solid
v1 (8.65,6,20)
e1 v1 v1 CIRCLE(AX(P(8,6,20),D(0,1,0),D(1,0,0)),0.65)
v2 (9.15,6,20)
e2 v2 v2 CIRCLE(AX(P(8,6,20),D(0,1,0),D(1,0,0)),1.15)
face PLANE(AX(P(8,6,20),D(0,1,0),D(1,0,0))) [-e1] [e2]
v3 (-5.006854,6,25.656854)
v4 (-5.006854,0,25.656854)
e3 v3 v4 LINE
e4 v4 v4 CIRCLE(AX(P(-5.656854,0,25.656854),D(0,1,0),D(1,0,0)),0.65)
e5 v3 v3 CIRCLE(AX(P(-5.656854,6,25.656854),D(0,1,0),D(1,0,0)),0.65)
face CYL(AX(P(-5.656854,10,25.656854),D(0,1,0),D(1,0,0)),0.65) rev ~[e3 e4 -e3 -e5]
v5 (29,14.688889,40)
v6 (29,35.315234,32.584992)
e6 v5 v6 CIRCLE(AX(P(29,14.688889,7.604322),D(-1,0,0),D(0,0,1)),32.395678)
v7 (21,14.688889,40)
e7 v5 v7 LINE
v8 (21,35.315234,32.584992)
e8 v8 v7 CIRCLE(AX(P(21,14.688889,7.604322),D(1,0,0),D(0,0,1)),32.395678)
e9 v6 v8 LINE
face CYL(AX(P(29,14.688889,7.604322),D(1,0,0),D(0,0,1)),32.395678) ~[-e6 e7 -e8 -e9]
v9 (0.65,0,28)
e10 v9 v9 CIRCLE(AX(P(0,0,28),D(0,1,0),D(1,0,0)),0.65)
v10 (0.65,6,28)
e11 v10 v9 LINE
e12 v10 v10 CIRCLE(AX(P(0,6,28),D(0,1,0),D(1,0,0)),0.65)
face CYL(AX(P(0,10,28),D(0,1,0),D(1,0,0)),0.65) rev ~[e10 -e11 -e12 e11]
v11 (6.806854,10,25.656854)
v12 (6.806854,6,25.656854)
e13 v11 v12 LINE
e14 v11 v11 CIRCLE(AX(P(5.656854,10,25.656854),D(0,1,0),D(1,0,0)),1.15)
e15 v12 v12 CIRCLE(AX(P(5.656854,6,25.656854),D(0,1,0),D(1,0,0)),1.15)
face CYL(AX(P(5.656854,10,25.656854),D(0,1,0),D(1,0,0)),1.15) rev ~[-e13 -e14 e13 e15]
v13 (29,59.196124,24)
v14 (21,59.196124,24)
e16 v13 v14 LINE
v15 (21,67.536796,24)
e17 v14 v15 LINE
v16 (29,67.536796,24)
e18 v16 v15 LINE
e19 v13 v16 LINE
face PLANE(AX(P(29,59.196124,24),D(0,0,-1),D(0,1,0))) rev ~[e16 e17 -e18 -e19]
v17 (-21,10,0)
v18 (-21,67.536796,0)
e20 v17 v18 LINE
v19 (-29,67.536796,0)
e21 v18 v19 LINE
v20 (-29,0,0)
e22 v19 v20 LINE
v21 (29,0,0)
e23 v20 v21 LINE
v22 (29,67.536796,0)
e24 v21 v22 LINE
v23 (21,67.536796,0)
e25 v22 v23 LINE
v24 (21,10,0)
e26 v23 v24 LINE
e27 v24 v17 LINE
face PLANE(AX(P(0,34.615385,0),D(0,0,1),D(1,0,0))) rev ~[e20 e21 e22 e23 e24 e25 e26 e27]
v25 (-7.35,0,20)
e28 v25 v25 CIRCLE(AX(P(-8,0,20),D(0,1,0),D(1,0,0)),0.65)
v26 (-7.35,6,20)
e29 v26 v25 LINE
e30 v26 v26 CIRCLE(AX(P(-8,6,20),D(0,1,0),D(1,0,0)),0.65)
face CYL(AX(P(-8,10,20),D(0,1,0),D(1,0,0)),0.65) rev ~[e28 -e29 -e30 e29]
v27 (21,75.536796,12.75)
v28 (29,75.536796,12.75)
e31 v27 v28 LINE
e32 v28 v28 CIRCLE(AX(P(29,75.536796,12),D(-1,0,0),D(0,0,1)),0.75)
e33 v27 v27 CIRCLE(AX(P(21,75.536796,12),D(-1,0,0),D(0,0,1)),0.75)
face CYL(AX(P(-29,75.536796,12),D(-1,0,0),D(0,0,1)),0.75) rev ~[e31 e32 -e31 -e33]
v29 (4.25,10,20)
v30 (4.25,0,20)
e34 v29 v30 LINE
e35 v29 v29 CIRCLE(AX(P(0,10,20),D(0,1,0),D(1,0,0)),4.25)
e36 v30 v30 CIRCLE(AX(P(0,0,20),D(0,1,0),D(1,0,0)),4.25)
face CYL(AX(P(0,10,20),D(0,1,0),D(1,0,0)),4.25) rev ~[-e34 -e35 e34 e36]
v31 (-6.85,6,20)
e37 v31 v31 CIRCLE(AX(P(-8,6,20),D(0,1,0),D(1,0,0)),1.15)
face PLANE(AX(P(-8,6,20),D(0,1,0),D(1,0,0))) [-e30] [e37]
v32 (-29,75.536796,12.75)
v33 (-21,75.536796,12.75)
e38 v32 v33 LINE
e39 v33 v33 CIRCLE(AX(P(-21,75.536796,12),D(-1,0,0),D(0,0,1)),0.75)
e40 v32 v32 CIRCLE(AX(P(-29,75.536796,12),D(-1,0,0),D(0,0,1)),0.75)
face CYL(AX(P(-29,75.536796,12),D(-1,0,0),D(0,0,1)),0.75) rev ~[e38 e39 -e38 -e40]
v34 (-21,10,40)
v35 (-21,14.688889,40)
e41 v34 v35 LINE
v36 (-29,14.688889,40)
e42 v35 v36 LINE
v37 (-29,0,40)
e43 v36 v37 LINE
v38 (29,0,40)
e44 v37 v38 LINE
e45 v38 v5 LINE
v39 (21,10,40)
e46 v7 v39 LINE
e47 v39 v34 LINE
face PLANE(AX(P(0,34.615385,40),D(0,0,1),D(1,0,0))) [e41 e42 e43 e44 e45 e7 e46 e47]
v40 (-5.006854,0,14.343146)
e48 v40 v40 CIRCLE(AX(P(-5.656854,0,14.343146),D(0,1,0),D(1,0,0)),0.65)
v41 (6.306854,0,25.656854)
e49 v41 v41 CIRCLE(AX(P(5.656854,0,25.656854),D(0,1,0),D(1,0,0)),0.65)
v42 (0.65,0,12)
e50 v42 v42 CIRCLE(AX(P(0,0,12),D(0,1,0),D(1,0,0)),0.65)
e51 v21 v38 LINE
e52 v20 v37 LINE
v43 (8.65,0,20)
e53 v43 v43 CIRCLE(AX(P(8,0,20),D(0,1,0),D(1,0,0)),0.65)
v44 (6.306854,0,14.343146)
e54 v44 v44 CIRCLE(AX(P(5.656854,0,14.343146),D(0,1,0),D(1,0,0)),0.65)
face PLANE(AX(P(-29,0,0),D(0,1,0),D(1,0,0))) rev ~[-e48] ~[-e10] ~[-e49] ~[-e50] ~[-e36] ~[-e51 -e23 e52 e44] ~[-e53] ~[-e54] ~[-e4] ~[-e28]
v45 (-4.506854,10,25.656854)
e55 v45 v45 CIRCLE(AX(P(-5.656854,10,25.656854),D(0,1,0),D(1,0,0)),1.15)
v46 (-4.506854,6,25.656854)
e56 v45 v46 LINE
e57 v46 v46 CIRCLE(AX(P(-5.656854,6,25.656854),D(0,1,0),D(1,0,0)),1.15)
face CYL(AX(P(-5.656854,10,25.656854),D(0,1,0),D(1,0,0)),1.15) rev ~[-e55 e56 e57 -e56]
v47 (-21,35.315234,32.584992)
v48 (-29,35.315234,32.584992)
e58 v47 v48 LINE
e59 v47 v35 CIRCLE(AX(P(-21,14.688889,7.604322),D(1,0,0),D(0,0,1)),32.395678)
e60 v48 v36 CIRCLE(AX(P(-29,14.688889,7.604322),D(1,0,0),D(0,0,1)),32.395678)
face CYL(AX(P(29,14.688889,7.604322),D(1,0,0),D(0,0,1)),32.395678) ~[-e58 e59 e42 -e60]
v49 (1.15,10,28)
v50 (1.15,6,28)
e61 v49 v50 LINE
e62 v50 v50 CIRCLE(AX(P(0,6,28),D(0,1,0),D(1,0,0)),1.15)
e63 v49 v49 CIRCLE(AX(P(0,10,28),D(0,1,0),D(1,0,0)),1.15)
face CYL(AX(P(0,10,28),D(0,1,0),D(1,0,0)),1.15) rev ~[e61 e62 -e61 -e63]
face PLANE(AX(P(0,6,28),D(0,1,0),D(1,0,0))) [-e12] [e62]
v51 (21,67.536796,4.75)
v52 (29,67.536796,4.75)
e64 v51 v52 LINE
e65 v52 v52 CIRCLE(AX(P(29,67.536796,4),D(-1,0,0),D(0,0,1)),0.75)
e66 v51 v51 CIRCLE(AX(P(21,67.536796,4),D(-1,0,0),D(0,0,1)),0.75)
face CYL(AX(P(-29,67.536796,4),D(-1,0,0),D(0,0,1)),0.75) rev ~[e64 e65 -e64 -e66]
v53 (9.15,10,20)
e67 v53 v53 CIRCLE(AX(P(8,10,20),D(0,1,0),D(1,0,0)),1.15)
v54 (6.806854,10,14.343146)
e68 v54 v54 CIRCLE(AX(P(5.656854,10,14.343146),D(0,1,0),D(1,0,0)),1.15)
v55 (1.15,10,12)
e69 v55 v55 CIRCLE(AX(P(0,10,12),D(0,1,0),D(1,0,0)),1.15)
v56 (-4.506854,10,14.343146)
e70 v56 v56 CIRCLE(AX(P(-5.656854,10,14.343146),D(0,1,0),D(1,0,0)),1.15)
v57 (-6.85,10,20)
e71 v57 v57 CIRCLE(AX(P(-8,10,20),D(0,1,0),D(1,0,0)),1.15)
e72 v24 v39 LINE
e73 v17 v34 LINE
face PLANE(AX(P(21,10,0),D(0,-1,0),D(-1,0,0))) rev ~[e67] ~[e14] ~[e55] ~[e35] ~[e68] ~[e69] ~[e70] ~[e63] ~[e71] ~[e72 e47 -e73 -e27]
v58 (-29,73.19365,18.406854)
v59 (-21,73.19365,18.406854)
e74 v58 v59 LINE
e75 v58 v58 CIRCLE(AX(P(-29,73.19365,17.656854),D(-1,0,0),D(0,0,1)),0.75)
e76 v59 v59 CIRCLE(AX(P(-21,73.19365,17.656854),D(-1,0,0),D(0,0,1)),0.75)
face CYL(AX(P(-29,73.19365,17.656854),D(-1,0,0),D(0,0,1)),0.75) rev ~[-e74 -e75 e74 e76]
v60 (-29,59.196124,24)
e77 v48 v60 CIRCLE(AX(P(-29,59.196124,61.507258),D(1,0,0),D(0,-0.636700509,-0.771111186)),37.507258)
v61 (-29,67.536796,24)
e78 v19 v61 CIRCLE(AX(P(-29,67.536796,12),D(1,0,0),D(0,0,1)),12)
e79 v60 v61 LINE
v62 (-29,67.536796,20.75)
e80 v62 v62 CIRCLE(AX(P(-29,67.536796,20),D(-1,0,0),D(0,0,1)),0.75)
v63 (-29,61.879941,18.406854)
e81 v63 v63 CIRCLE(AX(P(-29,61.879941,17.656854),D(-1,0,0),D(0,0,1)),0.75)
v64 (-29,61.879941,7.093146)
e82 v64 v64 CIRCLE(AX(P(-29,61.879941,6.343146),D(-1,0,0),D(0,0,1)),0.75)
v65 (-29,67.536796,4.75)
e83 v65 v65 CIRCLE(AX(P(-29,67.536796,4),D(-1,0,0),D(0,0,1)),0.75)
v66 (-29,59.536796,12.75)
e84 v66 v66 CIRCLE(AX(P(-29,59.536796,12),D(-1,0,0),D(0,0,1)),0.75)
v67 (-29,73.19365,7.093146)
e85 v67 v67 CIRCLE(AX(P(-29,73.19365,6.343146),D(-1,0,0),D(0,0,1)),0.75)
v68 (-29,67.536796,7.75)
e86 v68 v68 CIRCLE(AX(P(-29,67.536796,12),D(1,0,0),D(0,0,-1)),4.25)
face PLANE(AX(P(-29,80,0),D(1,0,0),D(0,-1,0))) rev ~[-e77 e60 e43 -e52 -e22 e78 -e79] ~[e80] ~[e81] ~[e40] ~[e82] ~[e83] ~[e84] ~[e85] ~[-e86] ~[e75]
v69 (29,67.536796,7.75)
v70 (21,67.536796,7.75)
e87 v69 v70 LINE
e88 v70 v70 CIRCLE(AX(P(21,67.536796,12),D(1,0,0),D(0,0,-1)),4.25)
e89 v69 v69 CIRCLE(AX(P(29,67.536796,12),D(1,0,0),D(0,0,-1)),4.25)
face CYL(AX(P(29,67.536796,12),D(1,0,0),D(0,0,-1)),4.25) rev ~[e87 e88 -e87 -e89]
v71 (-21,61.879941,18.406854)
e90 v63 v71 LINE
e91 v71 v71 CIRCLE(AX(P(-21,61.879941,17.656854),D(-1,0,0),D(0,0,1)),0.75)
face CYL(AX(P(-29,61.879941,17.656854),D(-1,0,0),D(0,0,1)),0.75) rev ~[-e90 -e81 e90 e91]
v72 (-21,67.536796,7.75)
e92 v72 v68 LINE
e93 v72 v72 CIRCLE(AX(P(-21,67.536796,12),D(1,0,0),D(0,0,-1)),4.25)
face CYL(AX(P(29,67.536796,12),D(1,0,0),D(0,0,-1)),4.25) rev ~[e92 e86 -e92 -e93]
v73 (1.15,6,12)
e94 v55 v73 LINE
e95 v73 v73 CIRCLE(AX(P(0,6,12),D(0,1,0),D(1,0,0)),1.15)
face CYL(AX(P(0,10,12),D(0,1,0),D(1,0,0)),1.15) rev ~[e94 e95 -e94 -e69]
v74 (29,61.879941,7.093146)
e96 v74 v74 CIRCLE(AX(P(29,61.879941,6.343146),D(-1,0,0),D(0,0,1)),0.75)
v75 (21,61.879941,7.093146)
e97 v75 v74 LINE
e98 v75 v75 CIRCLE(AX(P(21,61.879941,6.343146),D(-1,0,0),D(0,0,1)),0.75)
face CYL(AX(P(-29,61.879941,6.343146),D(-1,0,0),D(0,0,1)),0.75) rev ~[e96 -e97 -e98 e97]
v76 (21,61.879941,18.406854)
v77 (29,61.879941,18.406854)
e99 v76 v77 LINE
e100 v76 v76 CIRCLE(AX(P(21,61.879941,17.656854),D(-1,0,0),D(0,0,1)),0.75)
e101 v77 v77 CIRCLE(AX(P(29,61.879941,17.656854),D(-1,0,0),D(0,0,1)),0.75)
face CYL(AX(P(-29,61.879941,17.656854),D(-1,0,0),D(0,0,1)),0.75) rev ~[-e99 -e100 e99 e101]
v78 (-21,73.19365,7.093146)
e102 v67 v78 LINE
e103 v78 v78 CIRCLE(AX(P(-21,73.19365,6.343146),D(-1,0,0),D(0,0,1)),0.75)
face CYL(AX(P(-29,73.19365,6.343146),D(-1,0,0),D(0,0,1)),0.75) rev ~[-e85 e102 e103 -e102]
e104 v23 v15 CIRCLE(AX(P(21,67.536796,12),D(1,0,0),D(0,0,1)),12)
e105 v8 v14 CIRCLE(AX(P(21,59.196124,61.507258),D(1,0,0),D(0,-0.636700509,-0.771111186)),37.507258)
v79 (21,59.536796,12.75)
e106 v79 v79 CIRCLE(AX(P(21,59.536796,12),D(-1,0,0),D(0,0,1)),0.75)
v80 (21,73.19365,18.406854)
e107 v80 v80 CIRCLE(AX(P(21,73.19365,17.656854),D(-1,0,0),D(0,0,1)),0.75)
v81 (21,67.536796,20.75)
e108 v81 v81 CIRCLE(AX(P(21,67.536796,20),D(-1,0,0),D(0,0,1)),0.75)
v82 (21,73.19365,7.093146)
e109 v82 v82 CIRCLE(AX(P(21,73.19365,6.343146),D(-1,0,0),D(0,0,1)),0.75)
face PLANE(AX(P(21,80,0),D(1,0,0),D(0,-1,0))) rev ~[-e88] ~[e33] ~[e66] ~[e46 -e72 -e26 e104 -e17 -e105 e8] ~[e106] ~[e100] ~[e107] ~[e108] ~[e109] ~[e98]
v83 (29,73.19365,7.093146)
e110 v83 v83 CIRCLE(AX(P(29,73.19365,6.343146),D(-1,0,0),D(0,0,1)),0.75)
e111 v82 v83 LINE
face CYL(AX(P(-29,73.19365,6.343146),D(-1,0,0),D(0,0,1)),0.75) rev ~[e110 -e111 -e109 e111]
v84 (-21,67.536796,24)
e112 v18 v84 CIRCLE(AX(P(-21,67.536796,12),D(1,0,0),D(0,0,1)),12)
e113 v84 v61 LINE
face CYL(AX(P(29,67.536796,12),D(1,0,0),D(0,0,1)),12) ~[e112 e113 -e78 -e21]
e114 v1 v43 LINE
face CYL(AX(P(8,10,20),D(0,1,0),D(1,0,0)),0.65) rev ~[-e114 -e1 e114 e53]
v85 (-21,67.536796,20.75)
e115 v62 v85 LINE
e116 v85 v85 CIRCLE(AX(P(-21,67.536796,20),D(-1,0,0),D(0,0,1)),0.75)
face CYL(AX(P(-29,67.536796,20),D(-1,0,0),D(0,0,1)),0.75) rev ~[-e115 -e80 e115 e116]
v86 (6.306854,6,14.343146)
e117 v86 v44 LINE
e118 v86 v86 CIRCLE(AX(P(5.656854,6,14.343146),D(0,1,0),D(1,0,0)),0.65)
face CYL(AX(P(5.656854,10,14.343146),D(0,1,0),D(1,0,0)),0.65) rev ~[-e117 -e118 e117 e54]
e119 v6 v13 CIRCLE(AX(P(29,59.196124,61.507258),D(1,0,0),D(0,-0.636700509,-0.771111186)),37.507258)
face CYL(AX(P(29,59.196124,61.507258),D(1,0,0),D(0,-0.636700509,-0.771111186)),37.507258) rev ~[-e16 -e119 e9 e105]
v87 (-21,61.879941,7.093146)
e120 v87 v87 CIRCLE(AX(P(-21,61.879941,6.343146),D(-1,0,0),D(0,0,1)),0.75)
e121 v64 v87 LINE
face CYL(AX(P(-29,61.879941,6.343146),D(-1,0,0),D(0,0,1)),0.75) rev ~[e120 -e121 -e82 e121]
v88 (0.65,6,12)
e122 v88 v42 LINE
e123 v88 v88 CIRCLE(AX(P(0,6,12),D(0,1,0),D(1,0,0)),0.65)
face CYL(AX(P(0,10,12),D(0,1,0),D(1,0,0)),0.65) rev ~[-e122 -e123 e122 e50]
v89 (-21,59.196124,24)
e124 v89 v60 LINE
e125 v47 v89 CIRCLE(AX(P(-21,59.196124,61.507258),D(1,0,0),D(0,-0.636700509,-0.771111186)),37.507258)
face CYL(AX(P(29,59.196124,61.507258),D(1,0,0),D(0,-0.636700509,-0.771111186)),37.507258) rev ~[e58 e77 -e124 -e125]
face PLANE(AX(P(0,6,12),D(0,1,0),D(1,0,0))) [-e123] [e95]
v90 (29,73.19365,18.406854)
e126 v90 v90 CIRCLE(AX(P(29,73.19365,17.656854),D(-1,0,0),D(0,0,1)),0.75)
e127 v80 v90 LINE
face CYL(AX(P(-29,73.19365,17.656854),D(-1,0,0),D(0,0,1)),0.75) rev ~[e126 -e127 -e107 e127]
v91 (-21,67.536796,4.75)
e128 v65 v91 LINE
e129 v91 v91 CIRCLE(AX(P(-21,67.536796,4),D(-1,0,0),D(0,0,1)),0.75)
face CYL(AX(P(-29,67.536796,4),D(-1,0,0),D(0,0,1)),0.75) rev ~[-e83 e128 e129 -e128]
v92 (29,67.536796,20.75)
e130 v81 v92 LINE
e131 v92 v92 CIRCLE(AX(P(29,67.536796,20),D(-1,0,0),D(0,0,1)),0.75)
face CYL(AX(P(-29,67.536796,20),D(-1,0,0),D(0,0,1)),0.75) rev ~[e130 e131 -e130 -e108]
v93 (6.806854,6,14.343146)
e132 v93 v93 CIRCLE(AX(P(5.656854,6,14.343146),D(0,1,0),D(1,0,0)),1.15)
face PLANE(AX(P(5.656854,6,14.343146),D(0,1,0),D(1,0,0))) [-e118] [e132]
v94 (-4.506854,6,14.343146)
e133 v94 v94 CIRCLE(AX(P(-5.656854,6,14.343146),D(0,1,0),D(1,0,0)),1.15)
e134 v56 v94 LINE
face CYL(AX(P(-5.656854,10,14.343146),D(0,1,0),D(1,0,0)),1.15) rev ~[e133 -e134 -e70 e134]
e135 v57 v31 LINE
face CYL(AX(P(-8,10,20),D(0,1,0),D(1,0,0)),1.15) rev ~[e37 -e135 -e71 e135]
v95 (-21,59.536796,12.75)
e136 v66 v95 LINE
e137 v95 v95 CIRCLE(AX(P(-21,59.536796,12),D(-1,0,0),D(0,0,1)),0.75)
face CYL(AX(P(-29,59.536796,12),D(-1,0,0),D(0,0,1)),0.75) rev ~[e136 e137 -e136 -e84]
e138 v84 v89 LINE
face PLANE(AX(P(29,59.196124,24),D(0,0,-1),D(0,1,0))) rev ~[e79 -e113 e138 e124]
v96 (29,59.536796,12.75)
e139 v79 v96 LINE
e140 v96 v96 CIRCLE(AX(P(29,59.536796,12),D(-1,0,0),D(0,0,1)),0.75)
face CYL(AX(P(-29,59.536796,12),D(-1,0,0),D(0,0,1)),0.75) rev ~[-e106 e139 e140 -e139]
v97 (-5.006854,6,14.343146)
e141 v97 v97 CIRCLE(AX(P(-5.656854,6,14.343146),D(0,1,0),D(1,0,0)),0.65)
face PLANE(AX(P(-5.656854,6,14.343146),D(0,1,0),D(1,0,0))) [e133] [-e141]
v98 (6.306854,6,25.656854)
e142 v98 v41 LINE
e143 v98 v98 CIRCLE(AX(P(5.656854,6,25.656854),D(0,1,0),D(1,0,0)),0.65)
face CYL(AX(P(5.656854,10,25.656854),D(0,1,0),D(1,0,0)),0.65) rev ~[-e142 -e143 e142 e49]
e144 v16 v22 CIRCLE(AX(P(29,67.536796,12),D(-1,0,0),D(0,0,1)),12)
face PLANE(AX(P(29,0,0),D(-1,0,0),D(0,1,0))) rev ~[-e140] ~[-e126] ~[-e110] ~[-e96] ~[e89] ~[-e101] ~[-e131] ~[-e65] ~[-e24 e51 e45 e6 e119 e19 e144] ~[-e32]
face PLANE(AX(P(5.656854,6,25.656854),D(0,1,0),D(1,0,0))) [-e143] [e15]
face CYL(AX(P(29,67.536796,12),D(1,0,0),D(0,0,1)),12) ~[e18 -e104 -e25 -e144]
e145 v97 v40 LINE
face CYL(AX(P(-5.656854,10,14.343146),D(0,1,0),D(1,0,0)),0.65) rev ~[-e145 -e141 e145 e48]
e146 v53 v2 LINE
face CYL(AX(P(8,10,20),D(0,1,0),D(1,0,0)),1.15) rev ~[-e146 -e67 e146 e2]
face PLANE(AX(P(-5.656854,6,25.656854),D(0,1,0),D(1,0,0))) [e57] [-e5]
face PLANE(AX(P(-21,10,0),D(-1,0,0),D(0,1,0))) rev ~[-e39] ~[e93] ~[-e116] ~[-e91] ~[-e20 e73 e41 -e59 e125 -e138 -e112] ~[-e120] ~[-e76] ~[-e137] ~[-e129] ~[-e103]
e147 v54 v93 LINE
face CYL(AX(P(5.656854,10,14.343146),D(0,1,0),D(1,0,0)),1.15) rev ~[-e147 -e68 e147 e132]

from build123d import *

# Parameters (mm, degrees)
DODANIE_WYCI_GNI_CIE1_DEPTH = 40
SZKIC2_R                    = 4.25
WYTNIJ_WYCI_GNI_CIE1_DEPTH  = 107.60206377
SZKIC3_R                    = 4.25
SZKIC3_R_2                  = 0.65
WYTNIJ_WYCI_GNI_CIE2_DEPTH  = 86.301617521
SZKIC4_R                    = 0.75
WYTNIJ_WYCI_GNI_CIE3_DEPTH  = 107.254891017
SZKIC3_3_R                  = 1.15
SZKIC3_3_R_2                = 0.65
WYTNIJ_WYCI_GNI_CIE4_DEPTH  = 4


with BuildPart() as part:
    # Szkic1 → Dodanie-wyci_gni_cie1 (new body)
    with BuildSketch(Plane.XY):
        Polygon((21, 10), (-21, 10), (-21, 80), (-29, 80), (-29, 0), (29, 0), (29, 80), (21, 80), align=None)
    extrude(amount=DODANIE_WYCI_GNI_CIE1_DEPTH)

    # Szkic2 → Wytnij-wyci_gni_cie1 (cut, through all)
    with BuildSketch(Plane(origin=(29, 0, 0), x_dir=(0, 0, -1), z_dir=(1, 0, 0))):
        with BuildLine():
            ThreePointArc((-24, 67.536795667), (-12, 79.536795667), (0, 67.536795667))
            Line((0, 67.536795667), (0, 80))
            Line((0, 80), (-40, 80))
            Line((-40, 80), (-40, 14.688889066))
            ThreePointArc((-40, 14.688889066), (-38.089938994, 25.648227934), (-32.584991767, 35.315233546))
            ThreePointArc((-32.584991767, 35.315233546), (-26.211441646, 46.507556061), (-24, 59.196123761))
            Line((-24, 59.196123761), (-24, 67.536795667))
        make_face()
        with Locations((-12, 67.536795667)):
            Circle(SZKIC2_R)
    extrude(amount=-WYTNIJ_WYCI_GNI_CIE1_DEPTH, mode=Mode.SUBTRACT)

    # Szkic3 → Wytnij-wyci_gni_cie2 (cut, through all)
    with BuildSketch(Plane(origin=(0, 10, 0), x_dir=(1, 0, 0), z_dir=(0, 1, 0))):
        with Locations((0, -20)):
            Circle(SZKIC3_R)
        with Locations((0, -12)):
            Circle(SZKIC3_R_2)
        with Locations((0, -28)):
            Circle(SZKIC3_R_2)
        with Locations((5.656854249, -25.656854249)):
            Circle(SZKIC3_R_2)
        with Locations((8, -20)):
            Circle(SZKIC3_R_2)
        with Locations((-5.656854249, -25.656854249)):
            Circle(SZKIC3_R_2)
        with Locations((-8, -20)):
            Circle(SZKIC3_R_2)
        with Locations((-5.656854249, -14.343145751)):
            Circle(SZKIC3_R_2)
        with Locations((5.656854249, -14.343145751)):
            Circle(SZKIC3_R_2)
    extrude(amount=-WYTNIJ_WYCI_GNI_CIE2_DEPTH, mode=Mode.SUBTRACT)

    # Szkic4 → Wytnij-wyci_gni_cie3 (cut, through all)
    with BuildSketch(Plane.ZY.offset(29)):
        with Locations((4, 67.536795667)):
            Circle(SZKIC4_R)
        with Locations((12, 75.536795667)):
            Circle(SZKIC4_R)
        with Locations((20, 67.536795667)):
            Circle(SZKIC4_R)
        with Locations((12, 59.536795667)):
            Circle(SZKIC4_R)
        with Locations((6.343145751, 61.879941418)):
            Circle(SZKIC4_R)
        with Locations((6.343145751, 73.193649917)):
            Circle(SZKIC4_R)
        with Locations((17.656854249, 73.193649917)):
            Circle(SZKIC4_R)
        with Locations((17.656854249, 61.879941418)):
            Circle(SZKIC4_R)
    extrude(amount=-WYTNIJ_WYCI_GNI_CIE3_DEPTH, mode=Mode.SUBTRACT)

    # Szkic3_3 → Wytnij-wyci_gni_cie4 (cut)
    # profile 1 of 8: a face of its own
    with BuildSketch(Plane(origin=(0, 10, 0), x_dir=(1, 0, 0), z_dir=(0, 1, 0))):
        with Locations((0, -12)):
            Circle(SZKIC3_3_R)
        with Locations((0, -12)):
            Circle(SZKIC3_3_R_2, mode=Mode.SUBTRACT)
    # profile 2 of 8: a face of its own
    with BuildSketch(Plane(origin=(0, 10, 0), x_dir=(1, 0, 0), z_dir=(0, 1, 0))):
        with Locations((0, -28)):
            Circle(SZKIC3_3_R)
        with Locations((0, -28)):
            Circle(SZKIC3_3_R_2, mode=Mode.SUBTRACT)
    # profile 3 of 8: a face of its own
    with BuildSketch(Plane(origin=(0, 10, 0), x_dir=(1, 0, 0), z_dir=(0, 1, 0))):
        with Locations((8, -20)):
            Circle(SZKIC3_3_R)
        with Locations((8, -20)):
            Circle(SZKIC3_3_R_2, mode=Mode.SUBTRACT)
    # profile 4 of 8: a face of its own
    with BuildSketch(Plane(origin=(0, 10, 0), x_dir=(1, 0, 0), z_dir=(0, 1, 0))):
        with Locations((5.656854249, -25.656854249)):
            Circle(SZKIC3_3_R)
        with Locations((5.656854249, -25.656854249)):
            Circle(SZKIC3_3_R_2, mode=Mode.SUBTRACT)
    # profile 5 of 8: a face of its own
    with BuildSketch(Plane(origin=(0, 10, 0), x_dir=(1, 0, 0), z_dir=(0, 1, 0))):
        with Locations((-5.656854249, -25.656854249)):
            Circle(SZKIC3_3_R)
        with Locations((-5.656854249, -25.656854249)):
            Circle(SZKIC3_3_R_2, mode=Mode.SUBTRACT)
    # profile 6 of 8: a face of its own
    with BuildSketch(Plane(origin=(0, 10, 0), x_dir=(1, 0, 0), z_dir=(0, 1, 0))):
        with Locations((-8, -20)):
            Circle(SZKIC3_3_R)
        with Locations((-8, -20)):
            Circle(SZKIC3_3_R_2, mode=Mode.SUBTRACT)
    # profile 7 of 8: a face of its own
    with BuildSketch(Plane(origin=(0, 10, 0), x_dir=(1, 0, 0), z_dir=(0, 1, 0))):
        with Locations((-5.656854249, -14.343145751)):
            Circle(SZKIC3_3_R)
        with Locations((-5.656854249, -14.343145751)):
            Circle(SZKIC3_3_R_2, mode=Mode.SUBTRACT)
    # profile 8 of 8: a face of its own
    with BuildSketch(Plane(origin=(0, 10, 0), x_dir=(1, 0, 0), z_dir=(0, 1, 0))):
        with Locations((5.656854249, -14.343145751)):
            Circle(SZKIC3_3_R)
        with Locations((5.656854249, -14.343145751)):
            Circle(SZKIC3_3_R_2, mode=Mode.SUBTRACT)
    extrude(amount=-WYTNIJ_WYCI_GNI_CIE4_DEPTH, mode=Mode.SUBTRACT)


solid = part.part
